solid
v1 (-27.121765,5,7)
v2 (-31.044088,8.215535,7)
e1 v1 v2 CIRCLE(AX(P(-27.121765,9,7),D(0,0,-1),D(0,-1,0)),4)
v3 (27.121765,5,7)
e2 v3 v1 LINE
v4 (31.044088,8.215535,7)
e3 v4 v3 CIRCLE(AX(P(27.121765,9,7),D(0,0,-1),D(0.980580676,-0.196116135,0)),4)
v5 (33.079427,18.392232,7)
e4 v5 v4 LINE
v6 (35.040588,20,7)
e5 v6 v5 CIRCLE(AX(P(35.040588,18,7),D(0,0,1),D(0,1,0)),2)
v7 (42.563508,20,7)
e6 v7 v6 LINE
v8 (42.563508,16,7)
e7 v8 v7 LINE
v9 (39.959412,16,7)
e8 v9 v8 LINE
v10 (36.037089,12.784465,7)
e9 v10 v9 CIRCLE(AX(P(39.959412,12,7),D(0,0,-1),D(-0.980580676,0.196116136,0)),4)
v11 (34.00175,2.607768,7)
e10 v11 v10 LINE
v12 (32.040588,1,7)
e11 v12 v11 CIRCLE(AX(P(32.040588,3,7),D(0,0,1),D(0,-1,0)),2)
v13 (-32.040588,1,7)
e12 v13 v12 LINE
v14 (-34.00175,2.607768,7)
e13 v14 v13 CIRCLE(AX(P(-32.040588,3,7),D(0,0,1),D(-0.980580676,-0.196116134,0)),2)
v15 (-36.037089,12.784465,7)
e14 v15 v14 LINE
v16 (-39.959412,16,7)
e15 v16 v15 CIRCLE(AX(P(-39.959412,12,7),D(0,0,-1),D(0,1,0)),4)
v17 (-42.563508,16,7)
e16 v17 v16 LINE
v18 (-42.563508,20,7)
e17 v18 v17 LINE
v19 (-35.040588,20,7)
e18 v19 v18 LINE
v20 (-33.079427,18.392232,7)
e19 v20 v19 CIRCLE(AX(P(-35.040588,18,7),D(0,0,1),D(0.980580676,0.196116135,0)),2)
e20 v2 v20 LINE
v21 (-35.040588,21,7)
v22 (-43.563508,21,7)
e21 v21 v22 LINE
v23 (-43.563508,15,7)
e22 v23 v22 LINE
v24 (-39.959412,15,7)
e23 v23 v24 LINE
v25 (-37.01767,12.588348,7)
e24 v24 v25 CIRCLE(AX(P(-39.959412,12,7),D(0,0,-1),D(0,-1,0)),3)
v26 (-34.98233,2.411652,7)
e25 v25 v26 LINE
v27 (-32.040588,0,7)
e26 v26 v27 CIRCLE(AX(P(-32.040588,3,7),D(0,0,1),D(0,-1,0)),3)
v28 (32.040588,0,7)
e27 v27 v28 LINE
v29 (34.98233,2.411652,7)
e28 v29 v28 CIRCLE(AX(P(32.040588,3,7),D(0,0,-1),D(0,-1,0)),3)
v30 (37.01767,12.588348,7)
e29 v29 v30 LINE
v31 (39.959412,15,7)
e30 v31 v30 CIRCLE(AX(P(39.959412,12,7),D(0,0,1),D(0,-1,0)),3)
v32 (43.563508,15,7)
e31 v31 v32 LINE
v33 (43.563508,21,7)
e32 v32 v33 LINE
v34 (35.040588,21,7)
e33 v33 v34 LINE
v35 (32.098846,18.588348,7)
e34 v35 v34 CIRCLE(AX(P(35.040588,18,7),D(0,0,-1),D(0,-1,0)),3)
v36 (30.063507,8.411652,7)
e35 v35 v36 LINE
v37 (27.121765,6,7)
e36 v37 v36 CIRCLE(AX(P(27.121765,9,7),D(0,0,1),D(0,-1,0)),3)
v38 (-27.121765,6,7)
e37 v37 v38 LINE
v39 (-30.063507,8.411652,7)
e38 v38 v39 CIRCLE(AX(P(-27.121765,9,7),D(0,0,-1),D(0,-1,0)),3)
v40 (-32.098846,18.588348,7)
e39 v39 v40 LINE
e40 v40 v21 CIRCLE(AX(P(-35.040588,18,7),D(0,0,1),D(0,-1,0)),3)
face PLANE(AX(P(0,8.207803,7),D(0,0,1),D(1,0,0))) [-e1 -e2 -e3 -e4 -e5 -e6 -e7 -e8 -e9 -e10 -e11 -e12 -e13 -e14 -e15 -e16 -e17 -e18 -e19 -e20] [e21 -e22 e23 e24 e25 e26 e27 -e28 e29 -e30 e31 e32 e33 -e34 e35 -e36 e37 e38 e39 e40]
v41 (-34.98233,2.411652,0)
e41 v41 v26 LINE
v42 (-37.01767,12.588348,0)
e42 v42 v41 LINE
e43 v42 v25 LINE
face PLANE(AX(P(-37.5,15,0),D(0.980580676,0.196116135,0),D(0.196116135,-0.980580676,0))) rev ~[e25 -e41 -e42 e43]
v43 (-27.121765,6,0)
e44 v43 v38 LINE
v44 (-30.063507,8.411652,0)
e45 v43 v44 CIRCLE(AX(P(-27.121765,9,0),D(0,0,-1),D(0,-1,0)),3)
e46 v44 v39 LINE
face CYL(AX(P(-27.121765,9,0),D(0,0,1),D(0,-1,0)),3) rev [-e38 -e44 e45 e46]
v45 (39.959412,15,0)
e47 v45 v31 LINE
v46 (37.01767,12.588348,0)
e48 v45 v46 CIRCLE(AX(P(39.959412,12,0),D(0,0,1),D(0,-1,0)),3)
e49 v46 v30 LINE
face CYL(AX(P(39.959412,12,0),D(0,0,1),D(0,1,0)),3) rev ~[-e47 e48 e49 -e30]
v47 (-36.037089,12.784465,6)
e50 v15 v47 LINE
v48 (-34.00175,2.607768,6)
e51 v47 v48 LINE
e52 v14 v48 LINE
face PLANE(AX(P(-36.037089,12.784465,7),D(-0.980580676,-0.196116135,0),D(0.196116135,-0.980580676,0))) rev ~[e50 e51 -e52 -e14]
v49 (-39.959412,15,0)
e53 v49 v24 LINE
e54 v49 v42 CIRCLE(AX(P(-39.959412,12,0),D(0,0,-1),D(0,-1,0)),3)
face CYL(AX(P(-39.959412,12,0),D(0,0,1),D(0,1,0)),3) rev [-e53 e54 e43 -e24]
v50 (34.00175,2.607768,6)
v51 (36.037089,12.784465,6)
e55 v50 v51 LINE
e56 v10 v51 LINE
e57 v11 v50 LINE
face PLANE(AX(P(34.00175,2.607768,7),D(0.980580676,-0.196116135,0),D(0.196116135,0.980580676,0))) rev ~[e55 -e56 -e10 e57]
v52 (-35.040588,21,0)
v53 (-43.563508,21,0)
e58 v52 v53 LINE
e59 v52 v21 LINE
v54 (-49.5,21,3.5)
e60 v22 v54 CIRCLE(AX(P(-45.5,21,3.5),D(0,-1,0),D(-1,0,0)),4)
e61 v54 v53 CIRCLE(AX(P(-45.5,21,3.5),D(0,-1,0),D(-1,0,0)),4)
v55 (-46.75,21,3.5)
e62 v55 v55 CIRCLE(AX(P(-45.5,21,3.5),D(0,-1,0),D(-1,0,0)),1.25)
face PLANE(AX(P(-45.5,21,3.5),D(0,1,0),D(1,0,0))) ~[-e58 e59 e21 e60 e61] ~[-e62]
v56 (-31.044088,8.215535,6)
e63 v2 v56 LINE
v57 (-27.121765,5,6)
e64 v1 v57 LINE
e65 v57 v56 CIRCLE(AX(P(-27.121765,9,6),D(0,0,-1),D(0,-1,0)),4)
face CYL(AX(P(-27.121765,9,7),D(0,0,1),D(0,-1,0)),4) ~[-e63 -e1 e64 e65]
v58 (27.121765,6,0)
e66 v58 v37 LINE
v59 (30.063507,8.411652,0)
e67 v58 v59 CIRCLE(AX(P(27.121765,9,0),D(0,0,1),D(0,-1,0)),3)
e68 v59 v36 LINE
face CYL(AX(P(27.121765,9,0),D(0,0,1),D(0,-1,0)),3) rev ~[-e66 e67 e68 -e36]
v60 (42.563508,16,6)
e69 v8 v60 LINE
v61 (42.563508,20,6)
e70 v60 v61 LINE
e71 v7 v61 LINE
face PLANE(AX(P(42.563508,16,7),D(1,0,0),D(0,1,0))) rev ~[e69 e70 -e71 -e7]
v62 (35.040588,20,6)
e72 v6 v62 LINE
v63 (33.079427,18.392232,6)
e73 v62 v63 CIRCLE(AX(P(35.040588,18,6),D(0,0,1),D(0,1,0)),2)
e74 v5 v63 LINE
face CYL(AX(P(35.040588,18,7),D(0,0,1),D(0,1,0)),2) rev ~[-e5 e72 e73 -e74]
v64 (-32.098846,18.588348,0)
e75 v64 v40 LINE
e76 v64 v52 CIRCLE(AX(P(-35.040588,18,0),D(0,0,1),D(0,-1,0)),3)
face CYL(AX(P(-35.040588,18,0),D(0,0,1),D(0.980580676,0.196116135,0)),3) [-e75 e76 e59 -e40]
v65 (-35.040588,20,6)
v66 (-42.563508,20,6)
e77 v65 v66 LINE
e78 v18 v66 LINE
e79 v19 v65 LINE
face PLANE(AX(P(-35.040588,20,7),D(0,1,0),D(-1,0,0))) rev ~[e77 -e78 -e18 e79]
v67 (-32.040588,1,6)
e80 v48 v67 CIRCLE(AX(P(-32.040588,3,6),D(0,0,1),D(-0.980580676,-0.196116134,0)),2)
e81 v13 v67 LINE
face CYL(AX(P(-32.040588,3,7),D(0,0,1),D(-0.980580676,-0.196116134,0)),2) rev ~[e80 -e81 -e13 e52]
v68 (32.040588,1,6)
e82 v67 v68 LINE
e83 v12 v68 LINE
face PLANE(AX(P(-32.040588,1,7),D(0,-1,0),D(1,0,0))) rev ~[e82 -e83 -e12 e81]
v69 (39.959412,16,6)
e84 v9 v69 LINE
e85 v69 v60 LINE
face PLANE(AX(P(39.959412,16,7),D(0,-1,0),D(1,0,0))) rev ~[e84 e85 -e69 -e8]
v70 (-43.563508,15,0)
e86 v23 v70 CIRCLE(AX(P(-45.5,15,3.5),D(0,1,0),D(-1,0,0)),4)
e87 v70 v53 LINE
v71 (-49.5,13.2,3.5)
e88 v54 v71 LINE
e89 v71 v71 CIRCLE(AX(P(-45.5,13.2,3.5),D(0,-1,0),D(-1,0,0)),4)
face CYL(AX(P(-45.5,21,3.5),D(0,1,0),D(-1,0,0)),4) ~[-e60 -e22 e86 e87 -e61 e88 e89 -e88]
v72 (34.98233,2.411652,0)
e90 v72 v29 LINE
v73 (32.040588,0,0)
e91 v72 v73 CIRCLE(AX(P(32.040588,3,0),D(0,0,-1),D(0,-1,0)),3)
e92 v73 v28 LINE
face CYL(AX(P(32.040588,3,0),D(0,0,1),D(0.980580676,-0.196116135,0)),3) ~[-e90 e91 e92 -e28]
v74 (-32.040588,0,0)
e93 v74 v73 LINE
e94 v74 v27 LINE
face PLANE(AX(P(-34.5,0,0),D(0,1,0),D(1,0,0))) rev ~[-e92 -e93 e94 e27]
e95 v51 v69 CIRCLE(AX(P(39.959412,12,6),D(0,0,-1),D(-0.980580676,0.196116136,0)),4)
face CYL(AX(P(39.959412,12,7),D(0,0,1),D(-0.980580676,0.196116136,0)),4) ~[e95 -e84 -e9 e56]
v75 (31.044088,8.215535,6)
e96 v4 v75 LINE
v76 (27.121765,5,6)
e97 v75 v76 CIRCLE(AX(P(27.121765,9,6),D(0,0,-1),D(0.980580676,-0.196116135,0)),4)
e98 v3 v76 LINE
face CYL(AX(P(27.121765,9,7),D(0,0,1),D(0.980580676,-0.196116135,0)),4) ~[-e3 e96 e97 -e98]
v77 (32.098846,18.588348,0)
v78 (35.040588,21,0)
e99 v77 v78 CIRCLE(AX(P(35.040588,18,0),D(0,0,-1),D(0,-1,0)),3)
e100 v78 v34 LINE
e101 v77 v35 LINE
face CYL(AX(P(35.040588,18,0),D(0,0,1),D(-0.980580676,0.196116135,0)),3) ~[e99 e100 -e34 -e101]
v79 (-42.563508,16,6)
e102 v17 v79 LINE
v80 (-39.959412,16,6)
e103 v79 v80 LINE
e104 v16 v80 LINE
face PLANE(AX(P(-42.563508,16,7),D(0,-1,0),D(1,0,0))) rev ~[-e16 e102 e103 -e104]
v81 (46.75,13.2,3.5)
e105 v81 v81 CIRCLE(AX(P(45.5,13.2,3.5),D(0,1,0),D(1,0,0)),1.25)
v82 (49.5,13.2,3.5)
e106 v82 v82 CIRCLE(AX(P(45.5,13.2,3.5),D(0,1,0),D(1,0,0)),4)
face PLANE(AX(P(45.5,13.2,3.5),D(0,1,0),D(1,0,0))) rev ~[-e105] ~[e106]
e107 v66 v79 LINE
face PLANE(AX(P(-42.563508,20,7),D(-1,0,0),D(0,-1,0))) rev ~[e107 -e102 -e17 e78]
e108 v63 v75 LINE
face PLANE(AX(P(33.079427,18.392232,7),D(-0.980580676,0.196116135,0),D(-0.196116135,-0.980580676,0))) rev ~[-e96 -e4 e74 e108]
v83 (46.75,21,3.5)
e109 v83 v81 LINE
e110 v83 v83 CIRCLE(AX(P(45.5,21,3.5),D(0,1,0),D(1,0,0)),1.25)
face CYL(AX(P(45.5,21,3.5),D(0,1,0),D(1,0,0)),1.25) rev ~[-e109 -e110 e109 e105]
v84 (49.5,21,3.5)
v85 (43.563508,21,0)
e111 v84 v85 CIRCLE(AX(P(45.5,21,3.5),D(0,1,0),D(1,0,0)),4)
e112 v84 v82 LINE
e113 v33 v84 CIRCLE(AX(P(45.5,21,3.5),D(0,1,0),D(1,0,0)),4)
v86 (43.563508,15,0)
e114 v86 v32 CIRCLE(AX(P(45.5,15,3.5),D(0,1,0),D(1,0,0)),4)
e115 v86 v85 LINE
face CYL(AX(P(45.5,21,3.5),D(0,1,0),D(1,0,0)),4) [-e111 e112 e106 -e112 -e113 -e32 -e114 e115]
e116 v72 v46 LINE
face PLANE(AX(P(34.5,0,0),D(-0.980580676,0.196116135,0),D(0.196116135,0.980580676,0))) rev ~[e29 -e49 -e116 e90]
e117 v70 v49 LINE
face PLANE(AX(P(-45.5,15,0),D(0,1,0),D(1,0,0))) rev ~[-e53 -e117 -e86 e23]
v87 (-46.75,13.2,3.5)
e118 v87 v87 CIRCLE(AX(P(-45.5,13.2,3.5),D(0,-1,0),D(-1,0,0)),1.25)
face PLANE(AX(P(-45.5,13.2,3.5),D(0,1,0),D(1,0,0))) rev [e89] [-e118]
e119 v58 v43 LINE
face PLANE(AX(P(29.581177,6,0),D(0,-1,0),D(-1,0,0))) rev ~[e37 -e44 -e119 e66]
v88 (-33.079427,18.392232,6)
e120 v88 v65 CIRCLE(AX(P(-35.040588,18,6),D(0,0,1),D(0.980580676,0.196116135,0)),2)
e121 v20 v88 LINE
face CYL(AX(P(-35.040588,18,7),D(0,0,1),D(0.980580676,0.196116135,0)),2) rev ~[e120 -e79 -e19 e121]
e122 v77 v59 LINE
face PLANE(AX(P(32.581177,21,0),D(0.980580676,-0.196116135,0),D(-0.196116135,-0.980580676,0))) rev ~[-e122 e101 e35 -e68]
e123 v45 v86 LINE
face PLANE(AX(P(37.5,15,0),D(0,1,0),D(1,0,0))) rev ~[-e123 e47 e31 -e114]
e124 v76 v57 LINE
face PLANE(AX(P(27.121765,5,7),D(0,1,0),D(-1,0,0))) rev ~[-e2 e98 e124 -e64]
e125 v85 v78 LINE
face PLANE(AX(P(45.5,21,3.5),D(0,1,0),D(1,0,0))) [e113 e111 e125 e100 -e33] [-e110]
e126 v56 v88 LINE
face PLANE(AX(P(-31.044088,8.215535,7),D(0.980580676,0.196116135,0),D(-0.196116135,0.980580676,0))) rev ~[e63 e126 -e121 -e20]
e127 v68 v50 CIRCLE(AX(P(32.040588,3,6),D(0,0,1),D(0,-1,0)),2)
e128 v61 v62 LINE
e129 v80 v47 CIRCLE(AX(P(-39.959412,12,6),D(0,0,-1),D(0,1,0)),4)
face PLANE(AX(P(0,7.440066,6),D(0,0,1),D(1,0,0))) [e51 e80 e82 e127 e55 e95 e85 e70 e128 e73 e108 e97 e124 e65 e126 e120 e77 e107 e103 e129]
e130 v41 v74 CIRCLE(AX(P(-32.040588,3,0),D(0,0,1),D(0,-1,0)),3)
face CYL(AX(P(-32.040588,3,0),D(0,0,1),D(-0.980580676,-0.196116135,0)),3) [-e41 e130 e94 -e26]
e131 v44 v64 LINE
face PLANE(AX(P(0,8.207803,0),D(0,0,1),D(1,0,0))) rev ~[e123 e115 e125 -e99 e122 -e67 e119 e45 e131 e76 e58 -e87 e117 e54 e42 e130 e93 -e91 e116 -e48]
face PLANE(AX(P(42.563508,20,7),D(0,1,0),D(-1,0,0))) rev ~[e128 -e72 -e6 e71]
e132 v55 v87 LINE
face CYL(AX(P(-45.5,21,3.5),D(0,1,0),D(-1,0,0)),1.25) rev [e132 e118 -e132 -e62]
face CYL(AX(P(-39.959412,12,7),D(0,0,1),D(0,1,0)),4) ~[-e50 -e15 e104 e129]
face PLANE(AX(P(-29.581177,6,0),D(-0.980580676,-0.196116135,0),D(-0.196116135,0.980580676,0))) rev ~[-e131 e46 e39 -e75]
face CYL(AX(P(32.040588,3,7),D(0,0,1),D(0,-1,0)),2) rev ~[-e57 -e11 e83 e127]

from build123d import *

# Parameters (mm, degrees)
BOSS_EXTRUDE2_DEPTH = 7
SKETCH2_R           = 4
BOSS_EXTRUDE3_DEPTH = 7.8
SKETCH3_R           = 1.25
CUT_EXTRUDE1_DEPTH  = 7.8
FILLET1_R           = 3
FILLET2_R           = 3
CUT_EXTRUDE2_DEPTH  = 1


with BuildPart() as part:
    # Sketch1 → Boss-Extrude2 (new body)
    with BuildSketch(Plane.XY):
        Polygon((-34.5, 0), (34.5, 0), (37.5, 15), (45.5, 15), (45.5, 21), (34.5, 21), (32.581176584, 21), (29.581176584, 6), (-29.581176584, 6), (-32.581176584, 21), (-45.5, 21), (-45.5, 15), (-37.5, 15), align=None)
    extrude(amount=BOSS_EXTRUDE2_DEPTH)

    # Sketch2 → Boss-Extrude3 (add)
    with BuildSketch(Plane(origin=(0, 21, 0), x_dir=(1, 0, 0), z_dir=(0, 1, 0))):
        with Locations((45.5, -3.5)):
            Circle(SKETCH2_R)
    boss_extrude3 = extrude(amount=-BOSS_EXTRUDE3_DEPTH)

    # Mirror1: Boss-Extrude3 across plane
    add(boss_extrude3.mirror(Plane(origin=(0, 0, 0), x_dir=(0, 0, 1), z_dir=(1, 0, 0))))

    # Sketch3 → Cut-Extrude1 (cut)
    with BuildSketch(Plane(origin=(0, 21, 0), x_dir=(1, 0, 0), z_dir=(0, 1, 0))):
        with Locations((45.5, -3.5)):
            Circle(SKETCH3_R)
    cut_extrude1 = extrude(amount=-CUT_EXTRUDE1_DEPTH, mode=Mode.SUBTRACT)

    # Mirror2: Cut-Extrude1 across plane
    add(cut_extrude1.mirror(Plane(origin=(0, 0, 0), x_dir=(0, 0, 1), z_dir=(1, 0, 0))), mode=Mode.SUBTRACT)

    # Fillet1
    fillet1_edges = [part.edges().sort_by_distance(p)[0] for p in [
        (34.5, 0, 3.5),
        (29.581176584, 6, 3.5),
    ]]
    fillet(fillet1_edges, radius=FILLET1_R)

    # Fillet2
    fillet2_edges = [part.edges().sort_by_distance(p)[0] for p in [
        (37.5, 15, 3.5),
        (-34.5, 0, 3.5),
        (-37.5, 15, 3.5),
        (-32.581176584, 21, 3.5),
        (-29.581176584, 6, 3.5),
        (32.581176584, 21, 3.5),
    ]]
    fillet(fillet2_edges, radius=FILLET2_R)

    # Sketch4 → Cut-Extrude2 (cut)
    with BuildSketch(Plane.XY.offset(7)):
        with BuildLine():
            Line((-36.037089005, 12.784464541), (-34.001749643, 2.60776773))
            ThreePointArc((-34.001749643, 2.60776773), (-33.308566103, 1.453315717), (-32.040588292, 1))
            Line((-32.040588292, 1), (32.040588292, 1))
            ThreePointArc((32.040588292, 1), (33.308566103, 1.453315717), (34.001749643, 2.60776773))
            Line((34.001749643, 2.60776773), (36.037089005, 12.784464541))
            ThreePointArc((36.037089005, 12.784464541), (37.423456086, 15.093368565), (39.959411708, 16))
            Line((39.959411708, 16), (42.563508327, 16))
            Line((42.563508327, 16), (42.563508327, 20))
            Line((42.563508327, 20), (35.040588292, 20))
            ThreePointArc((35.040588292, 20), (33.772610481, 19.546684283), (33.07942694, 18.39223227))
            Line((33.07942694, 18.39223227), (31.044087578, 8.215535459))
            ThreePointArc((31.044087578, 8.215535459), (29.657720498, 5.906631435), (27.121764876, 5))
            Line((27.121764876, 5), (-27.121764876, 5))
            ThreePointArc((-27.121764876, 5), (-29.657720498, 5.906631435), (-31.044087578, 8.215535459))
            Line((-31.044087578, 8.215535459), (-33.07942694, 18.39223227))
            ThreePointArc((-33.07942694, 18.39223227), (-33.772610481, 19.546684283), (-35.040588292, 20))
            Line((-35.040588292, 20), (-42.563508327, 20))
            Line((-42.563508327, 20), (-42.563508327, 16))
            Line((-42.563508327, 16), (-39.959411708, 16))
            ThreePointArc((-39.959411708, 16), (-37.423456086, 15.093368565), (-36.037089005, 12.784464541))
        make_face()
    extrude(amount=-CUT_EXTRUDE2_DEPTH, mode=Mode.SUBTRACT)


solid = part.part
